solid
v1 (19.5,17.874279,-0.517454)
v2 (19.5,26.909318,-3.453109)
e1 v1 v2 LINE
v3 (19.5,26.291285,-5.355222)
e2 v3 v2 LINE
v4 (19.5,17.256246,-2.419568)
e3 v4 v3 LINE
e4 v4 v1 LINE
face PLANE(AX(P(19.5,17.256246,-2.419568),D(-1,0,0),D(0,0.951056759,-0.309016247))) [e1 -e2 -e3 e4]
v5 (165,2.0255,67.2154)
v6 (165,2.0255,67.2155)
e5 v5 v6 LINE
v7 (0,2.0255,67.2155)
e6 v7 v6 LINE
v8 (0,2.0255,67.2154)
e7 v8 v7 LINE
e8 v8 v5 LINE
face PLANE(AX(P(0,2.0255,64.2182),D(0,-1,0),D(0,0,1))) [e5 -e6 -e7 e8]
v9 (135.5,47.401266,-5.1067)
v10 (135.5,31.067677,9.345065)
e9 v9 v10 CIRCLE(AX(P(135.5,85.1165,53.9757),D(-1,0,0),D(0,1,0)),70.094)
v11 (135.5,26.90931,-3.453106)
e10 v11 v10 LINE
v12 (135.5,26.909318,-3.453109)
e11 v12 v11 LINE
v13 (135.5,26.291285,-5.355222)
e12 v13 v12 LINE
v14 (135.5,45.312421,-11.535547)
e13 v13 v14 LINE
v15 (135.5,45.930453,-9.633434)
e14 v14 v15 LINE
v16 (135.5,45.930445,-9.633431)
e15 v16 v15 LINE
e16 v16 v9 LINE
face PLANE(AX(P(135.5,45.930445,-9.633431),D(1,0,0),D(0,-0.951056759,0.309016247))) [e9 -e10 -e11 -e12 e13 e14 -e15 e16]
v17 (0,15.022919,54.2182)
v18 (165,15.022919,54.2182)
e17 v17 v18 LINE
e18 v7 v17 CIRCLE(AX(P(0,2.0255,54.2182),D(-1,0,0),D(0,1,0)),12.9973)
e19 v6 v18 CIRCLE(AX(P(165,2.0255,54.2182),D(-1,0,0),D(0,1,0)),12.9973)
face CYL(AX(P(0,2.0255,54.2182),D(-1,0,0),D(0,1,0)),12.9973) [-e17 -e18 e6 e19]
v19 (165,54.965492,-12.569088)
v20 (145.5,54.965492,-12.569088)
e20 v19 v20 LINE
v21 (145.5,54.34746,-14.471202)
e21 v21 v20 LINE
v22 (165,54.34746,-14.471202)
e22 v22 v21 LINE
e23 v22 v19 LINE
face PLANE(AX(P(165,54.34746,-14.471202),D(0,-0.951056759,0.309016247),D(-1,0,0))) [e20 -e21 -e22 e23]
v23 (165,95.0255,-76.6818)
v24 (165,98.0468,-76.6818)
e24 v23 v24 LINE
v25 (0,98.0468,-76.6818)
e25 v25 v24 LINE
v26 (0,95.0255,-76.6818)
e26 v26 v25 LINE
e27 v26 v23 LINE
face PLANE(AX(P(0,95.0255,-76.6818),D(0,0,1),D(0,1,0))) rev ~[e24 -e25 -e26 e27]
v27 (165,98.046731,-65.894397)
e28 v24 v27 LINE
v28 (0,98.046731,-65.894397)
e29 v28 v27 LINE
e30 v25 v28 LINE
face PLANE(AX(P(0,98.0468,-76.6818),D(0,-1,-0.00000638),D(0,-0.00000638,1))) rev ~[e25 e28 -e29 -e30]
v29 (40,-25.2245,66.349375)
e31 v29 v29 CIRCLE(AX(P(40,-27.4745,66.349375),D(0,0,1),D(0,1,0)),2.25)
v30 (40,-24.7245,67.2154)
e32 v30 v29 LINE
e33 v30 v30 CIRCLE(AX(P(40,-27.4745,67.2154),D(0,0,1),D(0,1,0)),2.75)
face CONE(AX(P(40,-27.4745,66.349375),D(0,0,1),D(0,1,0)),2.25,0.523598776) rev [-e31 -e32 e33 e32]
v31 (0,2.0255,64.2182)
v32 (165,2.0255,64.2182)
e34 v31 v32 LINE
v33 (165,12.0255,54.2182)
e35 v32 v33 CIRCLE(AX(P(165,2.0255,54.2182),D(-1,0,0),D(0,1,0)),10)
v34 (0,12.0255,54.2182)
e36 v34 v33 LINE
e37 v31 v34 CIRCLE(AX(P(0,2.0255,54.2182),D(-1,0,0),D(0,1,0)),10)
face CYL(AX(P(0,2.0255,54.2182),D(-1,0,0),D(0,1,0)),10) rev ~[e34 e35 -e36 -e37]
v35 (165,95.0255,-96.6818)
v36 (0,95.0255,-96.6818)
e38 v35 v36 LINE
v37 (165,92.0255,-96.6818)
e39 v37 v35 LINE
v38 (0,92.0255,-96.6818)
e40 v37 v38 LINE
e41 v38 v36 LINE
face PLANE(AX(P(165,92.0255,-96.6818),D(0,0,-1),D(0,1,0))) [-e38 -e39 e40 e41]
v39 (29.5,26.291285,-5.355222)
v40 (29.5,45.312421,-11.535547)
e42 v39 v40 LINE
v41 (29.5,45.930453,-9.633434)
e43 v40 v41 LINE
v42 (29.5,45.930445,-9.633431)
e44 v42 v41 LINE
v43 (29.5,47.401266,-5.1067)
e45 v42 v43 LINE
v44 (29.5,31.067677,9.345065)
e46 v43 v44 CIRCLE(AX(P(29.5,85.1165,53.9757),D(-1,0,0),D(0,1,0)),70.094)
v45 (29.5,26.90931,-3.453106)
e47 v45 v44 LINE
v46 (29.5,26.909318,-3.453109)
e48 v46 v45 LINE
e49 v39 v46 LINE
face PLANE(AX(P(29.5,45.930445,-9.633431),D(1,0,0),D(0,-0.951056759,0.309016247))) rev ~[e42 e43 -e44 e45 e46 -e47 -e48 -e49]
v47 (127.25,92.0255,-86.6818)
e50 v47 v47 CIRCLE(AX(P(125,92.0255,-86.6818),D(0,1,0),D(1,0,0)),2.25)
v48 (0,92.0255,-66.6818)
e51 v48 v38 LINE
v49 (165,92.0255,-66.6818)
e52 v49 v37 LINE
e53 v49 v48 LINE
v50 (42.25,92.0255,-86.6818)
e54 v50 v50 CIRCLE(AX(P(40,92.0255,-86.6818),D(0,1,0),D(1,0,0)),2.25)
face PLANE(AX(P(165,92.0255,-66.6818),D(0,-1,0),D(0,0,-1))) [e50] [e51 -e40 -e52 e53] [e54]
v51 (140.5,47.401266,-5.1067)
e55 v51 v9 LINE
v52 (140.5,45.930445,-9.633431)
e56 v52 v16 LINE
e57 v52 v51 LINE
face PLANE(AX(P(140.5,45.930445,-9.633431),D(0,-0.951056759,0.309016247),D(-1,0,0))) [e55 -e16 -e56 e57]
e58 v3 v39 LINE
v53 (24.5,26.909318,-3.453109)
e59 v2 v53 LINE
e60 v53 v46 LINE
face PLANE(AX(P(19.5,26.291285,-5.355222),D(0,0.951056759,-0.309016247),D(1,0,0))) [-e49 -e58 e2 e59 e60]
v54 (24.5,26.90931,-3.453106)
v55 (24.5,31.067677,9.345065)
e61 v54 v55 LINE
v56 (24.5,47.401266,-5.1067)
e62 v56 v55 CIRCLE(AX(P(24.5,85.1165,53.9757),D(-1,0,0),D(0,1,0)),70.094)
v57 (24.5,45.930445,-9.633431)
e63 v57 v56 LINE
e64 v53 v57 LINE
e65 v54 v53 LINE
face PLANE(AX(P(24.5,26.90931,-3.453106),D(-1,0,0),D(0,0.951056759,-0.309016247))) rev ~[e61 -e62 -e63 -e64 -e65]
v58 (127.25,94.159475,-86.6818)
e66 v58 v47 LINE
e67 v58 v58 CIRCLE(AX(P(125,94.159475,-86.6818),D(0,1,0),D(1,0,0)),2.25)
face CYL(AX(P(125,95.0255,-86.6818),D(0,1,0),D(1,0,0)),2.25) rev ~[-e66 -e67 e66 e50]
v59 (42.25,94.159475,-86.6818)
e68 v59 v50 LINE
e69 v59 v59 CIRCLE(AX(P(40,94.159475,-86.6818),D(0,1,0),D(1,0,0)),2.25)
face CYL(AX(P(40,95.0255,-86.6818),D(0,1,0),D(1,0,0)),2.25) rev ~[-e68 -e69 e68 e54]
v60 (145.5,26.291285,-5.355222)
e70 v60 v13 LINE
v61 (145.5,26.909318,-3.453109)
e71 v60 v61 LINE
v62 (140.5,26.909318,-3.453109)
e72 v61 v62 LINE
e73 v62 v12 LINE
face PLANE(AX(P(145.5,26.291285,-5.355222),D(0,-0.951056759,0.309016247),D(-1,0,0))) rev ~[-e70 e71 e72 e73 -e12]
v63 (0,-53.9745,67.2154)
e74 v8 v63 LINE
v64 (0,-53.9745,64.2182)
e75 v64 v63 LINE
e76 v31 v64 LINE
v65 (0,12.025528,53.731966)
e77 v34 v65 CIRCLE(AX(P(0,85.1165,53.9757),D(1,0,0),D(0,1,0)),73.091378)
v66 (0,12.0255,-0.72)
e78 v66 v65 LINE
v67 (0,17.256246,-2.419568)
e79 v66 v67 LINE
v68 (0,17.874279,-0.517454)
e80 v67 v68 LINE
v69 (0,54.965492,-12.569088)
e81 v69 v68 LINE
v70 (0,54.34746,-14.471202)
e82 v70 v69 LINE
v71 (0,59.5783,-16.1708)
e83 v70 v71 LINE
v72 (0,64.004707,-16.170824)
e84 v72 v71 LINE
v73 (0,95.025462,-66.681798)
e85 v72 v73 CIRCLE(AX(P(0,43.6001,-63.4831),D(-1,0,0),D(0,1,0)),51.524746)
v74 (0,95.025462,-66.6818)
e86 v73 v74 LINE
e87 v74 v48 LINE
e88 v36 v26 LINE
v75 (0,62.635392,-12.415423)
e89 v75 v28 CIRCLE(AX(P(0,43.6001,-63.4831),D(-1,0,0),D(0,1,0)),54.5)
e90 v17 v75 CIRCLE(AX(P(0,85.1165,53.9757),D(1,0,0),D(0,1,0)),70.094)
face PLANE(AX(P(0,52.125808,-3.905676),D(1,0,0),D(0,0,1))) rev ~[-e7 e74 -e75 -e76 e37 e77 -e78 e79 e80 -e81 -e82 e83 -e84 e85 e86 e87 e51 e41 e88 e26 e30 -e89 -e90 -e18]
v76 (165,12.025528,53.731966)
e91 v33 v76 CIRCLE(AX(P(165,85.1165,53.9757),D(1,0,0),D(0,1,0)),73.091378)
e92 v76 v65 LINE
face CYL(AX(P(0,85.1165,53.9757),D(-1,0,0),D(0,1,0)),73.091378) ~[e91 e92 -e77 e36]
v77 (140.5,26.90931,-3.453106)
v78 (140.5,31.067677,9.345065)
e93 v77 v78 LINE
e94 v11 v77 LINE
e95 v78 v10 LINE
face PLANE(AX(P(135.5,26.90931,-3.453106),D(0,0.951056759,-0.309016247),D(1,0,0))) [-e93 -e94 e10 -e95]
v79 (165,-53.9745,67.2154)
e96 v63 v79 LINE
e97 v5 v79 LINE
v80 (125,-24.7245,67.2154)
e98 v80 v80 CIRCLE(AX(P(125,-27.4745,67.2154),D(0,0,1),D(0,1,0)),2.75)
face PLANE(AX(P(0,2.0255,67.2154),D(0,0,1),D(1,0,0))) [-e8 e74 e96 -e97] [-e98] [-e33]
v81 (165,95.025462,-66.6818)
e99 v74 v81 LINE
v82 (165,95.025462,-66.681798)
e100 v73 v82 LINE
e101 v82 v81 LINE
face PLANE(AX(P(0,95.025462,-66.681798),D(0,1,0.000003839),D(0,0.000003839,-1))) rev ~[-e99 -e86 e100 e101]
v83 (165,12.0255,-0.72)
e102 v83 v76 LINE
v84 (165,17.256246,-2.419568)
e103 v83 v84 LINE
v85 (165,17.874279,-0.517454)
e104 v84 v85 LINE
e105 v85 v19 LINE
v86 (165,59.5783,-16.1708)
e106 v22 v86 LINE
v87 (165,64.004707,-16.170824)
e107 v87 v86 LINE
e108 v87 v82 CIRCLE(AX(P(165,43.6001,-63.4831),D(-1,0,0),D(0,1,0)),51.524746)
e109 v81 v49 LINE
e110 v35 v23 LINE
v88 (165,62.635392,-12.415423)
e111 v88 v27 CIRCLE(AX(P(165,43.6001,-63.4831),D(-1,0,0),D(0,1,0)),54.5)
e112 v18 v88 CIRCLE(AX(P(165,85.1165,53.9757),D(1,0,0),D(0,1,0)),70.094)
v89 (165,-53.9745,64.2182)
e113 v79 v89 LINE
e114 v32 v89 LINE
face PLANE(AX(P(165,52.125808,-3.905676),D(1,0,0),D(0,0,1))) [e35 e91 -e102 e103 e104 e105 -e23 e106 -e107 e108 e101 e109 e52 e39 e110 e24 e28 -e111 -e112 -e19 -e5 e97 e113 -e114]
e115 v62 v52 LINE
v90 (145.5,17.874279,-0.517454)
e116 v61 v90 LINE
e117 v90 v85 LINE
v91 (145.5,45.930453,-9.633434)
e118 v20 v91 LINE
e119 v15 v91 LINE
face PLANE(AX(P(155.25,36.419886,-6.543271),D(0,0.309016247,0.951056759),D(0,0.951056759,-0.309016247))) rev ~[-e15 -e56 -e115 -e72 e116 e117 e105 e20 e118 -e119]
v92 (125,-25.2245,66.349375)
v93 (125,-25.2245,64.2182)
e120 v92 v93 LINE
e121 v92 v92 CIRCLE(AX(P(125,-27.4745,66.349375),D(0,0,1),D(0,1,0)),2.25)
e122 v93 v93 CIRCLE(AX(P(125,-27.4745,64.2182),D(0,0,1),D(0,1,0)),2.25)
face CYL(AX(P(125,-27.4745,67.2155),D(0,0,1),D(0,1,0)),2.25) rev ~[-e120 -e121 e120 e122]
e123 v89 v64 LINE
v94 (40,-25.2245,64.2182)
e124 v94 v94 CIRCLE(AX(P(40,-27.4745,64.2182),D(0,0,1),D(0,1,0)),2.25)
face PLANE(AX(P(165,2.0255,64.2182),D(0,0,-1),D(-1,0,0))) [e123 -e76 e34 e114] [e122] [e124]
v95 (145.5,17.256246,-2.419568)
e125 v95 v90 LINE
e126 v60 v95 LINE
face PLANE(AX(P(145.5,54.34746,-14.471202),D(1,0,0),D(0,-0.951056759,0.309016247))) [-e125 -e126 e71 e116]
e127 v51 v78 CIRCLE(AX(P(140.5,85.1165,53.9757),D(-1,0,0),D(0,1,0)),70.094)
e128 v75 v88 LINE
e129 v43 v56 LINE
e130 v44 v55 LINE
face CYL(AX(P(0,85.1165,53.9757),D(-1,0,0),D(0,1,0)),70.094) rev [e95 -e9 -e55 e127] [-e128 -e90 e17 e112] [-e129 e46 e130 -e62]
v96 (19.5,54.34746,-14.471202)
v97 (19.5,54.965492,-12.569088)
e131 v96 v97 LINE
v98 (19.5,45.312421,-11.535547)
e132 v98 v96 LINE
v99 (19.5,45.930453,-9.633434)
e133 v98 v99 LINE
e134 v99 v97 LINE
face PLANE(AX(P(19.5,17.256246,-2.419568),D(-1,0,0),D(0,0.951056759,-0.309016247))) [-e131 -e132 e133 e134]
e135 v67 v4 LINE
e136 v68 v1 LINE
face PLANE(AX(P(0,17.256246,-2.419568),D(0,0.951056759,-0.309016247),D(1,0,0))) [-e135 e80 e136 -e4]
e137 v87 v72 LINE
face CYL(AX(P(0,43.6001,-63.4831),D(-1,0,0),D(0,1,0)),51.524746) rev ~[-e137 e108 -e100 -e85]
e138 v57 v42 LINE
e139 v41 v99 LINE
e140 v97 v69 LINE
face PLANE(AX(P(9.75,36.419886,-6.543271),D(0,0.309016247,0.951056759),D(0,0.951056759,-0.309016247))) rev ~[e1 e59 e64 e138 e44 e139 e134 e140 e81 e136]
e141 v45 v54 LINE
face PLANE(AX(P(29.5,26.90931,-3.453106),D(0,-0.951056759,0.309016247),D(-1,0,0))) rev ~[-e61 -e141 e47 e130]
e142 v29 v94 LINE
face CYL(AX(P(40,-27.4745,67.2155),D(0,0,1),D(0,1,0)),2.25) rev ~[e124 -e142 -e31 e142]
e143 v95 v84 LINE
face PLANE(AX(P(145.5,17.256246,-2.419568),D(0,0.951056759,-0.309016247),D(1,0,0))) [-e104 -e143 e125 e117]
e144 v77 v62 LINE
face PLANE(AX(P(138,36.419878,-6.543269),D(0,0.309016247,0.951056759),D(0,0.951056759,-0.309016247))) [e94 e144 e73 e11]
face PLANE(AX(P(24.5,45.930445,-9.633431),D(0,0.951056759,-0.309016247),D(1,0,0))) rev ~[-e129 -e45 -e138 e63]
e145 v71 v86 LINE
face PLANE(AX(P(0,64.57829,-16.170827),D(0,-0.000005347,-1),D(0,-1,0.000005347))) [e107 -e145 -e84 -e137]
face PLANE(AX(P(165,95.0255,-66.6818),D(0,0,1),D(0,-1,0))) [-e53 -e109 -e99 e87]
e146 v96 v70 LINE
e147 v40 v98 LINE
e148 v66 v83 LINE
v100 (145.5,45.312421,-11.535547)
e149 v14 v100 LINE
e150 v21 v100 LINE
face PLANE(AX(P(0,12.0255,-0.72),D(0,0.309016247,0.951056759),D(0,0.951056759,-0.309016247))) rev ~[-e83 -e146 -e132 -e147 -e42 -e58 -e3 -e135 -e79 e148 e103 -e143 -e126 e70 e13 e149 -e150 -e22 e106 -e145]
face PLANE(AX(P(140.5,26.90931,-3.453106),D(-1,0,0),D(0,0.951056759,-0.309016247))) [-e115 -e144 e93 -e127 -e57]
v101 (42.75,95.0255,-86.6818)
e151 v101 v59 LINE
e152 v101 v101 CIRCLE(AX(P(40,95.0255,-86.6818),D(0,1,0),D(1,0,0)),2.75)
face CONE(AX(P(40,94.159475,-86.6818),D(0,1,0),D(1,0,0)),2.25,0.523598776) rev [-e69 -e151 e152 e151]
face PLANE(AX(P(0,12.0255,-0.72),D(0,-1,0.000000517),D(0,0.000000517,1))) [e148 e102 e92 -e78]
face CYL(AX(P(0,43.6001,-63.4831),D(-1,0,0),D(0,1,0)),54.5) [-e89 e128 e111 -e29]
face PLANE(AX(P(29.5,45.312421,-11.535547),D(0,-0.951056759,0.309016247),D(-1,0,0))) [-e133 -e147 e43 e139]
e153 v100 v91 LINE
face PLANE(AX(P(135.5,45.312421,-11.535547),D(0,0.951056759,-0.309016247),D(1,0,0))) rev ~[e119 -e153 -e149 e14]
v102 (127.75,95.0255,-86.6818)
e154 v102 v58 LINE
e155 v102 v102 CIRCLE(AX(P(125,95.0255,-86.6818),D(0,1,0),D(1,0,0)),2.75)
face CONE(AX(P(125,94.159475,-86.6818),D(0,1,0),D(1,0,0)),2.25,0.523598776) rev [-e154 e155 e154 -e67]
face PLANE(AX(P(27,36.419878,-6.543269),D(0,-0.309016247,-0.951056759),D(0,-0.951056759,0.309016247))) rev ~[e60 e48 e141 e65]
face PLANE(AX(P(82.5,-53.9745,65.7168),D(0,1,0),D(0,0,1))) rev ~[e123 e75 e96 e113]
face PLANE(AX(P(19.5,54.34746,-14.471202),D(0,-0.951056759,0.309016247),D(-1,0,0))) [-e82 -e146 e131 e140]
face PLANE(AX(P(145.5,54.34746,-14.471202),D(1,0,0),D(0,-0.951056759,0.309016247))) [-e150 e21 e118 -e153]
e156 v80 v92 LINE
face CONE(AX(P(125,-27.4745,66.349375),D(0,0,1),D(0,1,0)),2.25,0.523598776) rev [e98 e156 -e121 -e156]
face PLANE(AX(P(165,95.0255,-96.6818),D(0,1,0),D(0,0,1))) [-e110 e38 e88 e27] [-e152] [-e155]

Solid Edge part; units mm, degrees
sketch "Sketch1" plane through (0, 0, 0) normal (1, 0, 0) x (0, 1, 0)
  arc A0 (2.0255, 64.2182) -> (12.0255, 54.2182) centre (2.0255, 54.2182) cw
  arc A1 (12.0255, 54.2182) -> (62.1552, -15.4154) centre (85.1165, 53.9757) ccw
  arc A2 (62.1552, -15.4154) -> (95.0255, -66.6818) centre (43.6001, -63.4831) cw
  line L0 (95.0255, -66.6818) -> (95.0255, -76.6818)
  line L1 (95.0255, -76.6818) -> (98.0468, -76.6818)
  line L2 (98.0468, -76.6818) -> (98.0468, -65.8944)
  arc A3 (62.6354, -12.4154) -> (98.0468, -65.8944) centre (43.6001, -63.4831) cw
  arc A4 (15.0228, 54.2182) -> (62.6354, -12.4154) centre (85.1165, 53.9757) ccw
  arc A5 (2.0255, 67.2155) -> (15.0228, 54.2182) centre (2.0255, 54.2182) cw
  line L3 (2.0255, 64.2182) -> (2.0255, 67.2155)
  dimension "D1" = 130.9
  dimension "D2" = 93
  dimension "D3" = 10
  dimension "D4" = 10
  dimension "D5" = 3
  dimension "D6" = 2.9973
  dimension "D7" = 12.9973
extrude "Protrusion1" add sketch "Sketch1" along normal blind 165
sketch "Sketch2" plane through (75, 2.0255, 65.7168) normal (0, -1, 0) x (1, 0, 0)
  line L0 (-75, 1.4986) -> (90, 1.4986)
  line L1 (90, 1.4986) -> (90, -1.4986)
  line L2 (90, -1.4986) -> (-75, -1.4986)
  line L3 (-75, -1.4986) -> (-75, 1.4986)
extrude "Extrusionsausprägung_2" add sketch "Sketch2" along normal blind 56
sketch "Sketch3" plane through (82.5, -22.9745, 67.2155) normal (0, 0, 1) x (0, 1, 0)
  circle A0 centre (-4.5, 42.5) radius 2.25
  circle A1 centre (-4.5, -42.5) radius 2.25
  dimension "D1" = 40
  dimension "D2" = 26.5
  dimension "D3" = 4.5
extrude "Cutout1" cut sketch "Sketch3" against normal through all
sketch "Sketch4" plane through (165, 28.0437, -4.7332) normal (1, 0, 0) x (0, 1, 0)
  line L0 (66.9818, -61.9486) -> (63.9818, -61.9486)
  line L1 (63.9818, -61.9486) -> (63.9818, -91.9486)
  line L2 (63.9818, -91.9486) -> (66.9818, -91.9486)
  line L3 (66.9818, -91.9486) -> (66.9818, -61.9486)
  dimension "D1" = 3
  dimension "D2" = 30
extrude "Protrusion2" add sketch "Sketch4" against normal up to vertex (165 mm away)
sketch "Sketch5" plane through (82.5, 95.0255, -86.6818) normal (0, 1, 0) x (1, 0, 0)
  circle A0 centre (-42.5, 0) radius 2.25
  circle A1 centre (42.5, 0) radius 2.25
  dimension "D1" = 85
  dimension "D2" = 4.5
extrude "Cutout2" cut sketch "Sketch5" against normal through all
sketch "Sketch6" plane through (0, 22.0628, -14.7332) normal (-1, 0, 0) x (0, -1, 0)
  line L0 (10.0373, 14.0132) -> (10.0373, 68.9514)
  arc A0 (-42.5155, -1.4376) -> (10.0373, 68.9514) centre (-69.9949, 73.8912) ccw
  line L1 (-42.5155, -1.4376) -> (-37.5155, -1.4376)
  line L2 (10.0373, 14.0132) -> (-37.5155, -1.4376)
  dimension "D1" = 5
  dimension "D2" = 50
extrude "Protrusion3" add sketch "Sketch6" against normal up to vertex (165 mm away)
sketch "Sketch7" plane through (82.5, 16.3444, -2.1232) normal (0, -0.309, -0.9511) x (0, -0.9511, 0.309)
  line L0 (-0.9588, 82.5) -> (-0.9588, 63)
  line L1 (-0.9588, 63) -> (-39.9588, 63)
  line L2 (-39.9588, 63) -> (-39.9588, 82.5)
  line L3 (-39.9588, 82.5) -> (-0.9588, 82.5)
  line L4 (-39.9588, -63) -> (-0.9588, -63)
  line L5 (-0.9588, -63) -> (-0.9588, -82.5)
  line L6 (-0.9588, -82.5) -> (-39.9588, -82.5)
  line L7 (-39.9588, -82.5) -> (-39.9588, -63)
  dimension "D1" = 39
  dimension "D2" = 19.5
extrude "Extrusionsausschnitt_3" cut sketch "Sketch7" against normal blind 2
sketch "Sketch8" plane through (82.5, 16.3444, -2.1232) normal (0, -0.309, -0.9511) x (0, -0.9511, 0.309)
  line L0 (-30.4588, 63) -> (-10.4588, 63)
  line L1 (-10.4588, 63) -> (-10.4588, 53)
  line L2 (-10.4588, 53) -> (-30.4588, 53)
  line L3 (-30.4588, 53) -> (-30.4588, 63)
  line L4 (-30.4588, -63) -> (-10.4588, -63)
  line L5 (-10.4588, -63) -> (-10.4588, -53)
  line L6 (-10.4588, -53) -> (-30.4588, -53)
  line L7 (-30.4588, -53) -> (-30.4588, -63)
  dimension "D1" = 20
  dimension "D2" = 10
extrude "Extrusionsausschnitt_4" cut sketch "Sketch8" against normal blind 2
sketch "Sketch9" plane through (14.75, 36.4199, -6.5432) normal (0, -0.309, -0.9511) x (1, 0, 0)
  line L0 (14.75, 10) -> (9.75, 10)
  line L1 (9.75, 10) -> (9.75, -10)
  line L2 (9.75, -10) -> (14.75, -10)
  line L3 (14.75, -10) -> (14.75, 10)
  line L4 (120.75, 10) -> (125.75, 10)
  line L5 (125.75, 10) -> (125.75, -10)
  line L6 (125.75, -10) -> (120.75, -10)
  line L7 (120.75, -10) -> (120.75, 10)
extrude "Extrusionsausschnitt_5" cut sketch "Sketch9" against normal blind 56.6903
chamfer "Fase_1" distance 0.5 angle 60 4 edges at (125, -29.7245, 67.2155) (40, -29.7245, 67.2155) (122.75, 95.0255, -86.6818) (37.75, 95.0255, -86.6818) measured on face at (25.85, -44.0812, 67.2154)
properties material "Nylon, allgemein"
